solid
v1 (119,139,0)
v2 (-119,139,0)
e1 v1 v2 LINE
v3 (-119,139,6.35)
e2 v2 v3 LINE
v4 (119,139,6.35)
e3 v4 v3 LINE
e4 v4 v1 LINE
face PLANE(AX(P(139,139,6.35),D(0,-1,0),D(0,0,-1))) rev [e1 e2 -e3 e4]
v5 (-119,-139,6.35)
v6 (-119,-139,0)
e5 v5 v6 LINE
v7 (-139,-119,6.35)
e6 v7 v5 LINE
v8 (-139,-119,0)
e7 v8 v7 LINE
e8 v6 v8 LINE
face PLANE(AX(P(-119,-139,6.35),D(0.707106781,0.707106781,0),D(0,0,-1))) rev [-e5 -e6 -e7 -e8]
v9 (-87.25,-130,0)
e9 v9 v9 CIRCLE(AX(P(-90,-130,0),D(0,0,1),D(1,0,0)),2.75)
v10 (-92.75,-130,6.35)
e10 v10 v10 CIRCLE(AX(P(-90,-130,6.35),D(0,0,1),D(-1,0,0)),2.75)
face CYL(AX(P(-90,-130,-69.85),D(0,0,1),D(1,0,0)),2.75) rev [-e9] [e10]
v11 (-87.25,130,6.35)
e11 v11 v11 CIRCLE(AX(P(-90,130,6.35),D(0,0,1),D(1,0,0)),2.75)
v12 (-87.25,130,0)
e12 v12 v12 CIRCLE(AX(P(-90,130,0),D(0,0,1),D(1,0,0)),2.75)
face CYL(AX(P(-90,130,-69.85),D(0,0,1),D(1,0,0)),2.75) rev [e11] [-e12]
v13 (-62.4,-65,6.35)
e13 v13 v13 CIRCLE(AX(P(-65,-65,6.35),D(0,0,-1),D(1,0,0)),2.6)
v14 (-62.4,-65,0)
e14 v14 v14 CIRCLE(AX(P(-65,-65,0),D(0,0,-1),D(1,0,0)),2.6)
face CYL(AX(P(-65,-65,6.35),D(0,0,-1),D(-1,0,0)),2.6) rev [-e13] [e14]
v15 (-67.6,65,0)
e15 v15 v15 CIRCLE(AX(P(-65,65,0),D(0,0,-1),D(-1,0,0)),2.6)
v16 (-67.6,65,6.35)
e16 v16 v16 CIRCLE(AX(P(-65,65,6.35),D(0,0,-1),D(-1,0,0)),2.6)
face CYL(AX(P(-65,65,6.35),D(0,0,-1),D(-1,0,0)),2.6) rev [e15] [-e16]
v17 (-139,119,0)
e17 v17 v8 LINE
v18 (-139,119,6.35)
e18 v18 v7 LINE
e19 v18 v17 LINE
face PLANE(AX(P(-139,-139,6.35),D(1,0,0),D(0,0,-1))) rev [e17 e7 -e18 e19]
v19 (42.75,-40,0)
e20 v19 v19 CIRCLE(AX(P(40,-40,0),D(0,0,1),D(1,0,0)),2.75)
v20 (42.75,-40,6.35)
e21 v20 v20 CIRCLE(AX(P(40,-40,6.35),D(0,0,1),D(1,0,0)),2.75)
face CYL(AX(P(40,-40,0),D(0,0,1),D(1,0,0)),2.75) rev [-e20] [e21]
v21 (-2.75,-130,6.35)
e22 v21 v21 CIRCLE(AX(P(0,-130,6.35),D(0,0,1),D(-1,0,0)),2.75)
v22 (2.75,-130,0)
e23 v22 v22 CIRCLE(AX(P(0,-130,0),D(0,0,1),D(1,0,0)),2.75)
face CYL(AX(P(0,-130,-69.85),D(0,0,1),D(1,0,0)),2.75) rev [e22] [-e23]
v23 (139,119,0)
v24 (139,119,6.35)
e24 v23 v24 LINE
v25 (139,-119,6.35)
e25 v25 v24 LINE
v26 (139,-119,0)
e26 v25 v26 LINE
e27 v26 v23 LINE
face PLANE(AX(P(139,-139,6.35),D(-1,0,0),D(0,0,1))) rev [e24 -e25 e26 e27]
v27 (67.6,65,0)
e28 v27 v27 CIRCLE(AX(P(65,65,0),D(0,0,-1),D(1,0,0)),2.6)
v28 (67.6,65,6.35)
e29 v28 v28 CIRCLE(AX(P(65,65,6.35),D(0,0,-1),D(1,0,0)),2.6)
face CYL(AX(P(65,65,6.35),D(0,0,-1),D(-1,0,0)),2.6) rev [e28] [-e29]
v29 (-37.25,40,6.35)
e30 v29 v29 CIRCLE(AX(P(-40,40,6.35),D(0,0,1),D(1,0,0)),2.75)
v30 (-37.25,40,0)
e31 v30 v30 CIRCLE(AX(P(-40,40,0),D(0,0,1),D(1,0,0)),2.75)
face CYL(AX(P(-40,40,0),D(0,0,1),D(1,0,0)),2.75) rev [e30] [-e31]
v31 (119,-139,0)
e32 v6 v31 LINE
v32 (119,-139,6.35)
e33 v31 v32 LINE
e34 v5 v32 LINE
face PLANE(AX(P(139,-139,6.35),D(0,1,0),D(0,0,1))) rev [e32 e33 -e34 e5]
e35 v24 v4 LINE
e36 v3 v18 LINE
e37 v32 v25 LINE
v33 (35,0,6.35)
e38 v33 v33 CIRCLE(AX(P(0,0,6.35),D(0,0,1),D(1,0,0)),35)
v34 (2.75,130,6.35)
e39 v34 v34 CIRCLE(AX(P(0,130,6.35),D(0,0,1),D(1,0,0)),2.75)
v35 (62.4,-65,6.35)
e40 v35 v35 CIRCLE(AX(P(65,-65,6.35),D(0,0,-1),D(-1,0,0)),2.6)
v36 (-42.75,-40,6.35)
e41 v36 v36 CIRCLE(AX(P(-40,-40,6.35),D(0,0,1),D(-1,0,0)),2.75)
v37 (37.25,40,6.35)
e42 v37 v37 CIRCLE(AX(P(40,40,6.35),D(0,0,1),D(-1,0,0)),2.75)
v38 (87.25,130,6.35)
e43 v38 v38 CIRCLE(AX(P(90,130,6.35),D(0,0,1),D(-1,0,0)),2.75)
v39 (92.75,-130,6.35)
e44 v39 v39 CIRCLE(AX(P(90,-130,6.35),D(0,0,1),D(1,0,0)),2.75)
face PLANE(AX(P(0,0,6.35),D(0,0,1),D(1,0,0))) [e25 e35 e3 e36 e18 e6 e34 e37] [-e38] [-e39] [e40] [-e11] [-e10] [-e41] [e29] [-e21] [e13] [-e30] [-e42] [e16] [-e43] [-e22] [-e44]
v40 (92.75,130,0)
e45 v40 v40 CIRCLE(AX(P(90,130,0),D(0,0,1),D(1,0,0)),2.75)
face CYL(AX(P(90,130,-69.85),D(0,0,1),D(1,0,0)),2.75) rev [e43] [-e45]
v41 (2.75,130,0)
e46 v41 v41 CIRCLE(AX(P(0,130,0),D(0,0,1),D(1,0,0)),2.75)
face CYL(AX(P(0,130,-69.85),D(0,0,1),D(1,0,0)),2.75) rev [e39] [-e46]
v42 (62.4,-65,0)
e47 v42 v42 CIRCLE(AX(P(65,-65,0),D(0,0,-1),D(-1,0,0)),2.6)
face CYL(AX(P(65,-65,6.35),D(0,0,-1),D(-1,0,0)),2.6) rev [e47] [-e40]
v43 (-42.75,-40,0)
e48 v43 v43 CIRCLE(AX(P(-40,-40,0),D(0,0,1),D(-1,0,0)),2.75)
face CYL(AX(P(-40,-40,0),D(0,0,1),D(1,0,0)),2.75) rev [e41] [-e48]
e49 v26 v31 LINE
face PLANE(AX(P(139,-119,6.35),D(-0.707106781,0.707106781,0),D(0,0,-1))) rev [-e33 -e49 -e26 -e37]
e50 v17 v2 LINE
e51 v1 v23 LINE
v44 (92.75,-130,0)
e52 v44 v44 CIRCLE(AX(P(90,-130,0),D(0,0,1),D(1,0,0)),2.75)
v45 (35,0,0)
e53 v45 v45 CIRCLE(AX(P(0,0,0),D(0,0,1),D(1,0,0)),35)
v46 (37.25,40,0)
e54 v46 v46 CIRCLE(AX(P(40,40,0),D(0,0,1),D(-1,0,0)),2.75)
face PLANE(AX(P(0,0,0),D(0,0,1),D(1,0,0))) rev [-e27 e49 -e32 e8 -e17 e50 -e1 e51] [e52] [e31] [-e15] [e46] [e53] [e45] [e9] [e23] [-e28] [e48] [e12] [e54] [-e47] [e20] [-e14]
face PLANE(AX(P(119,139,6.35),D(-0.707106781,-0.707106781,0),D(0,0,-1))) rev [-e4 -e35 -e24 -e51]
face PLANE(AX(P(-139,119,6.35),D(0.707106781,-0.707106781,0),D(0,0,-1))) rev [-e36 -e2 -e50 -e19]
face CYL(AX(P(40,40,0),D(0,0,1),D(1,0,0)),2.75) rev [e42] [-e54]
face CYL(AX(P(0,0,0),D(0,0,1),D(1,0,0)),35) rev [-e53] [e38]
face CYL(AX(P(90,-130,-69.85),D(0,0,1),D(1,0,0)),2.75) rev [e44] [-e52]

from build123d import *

# Parameters (mm, degrees)
SKETCH1_W           = 278
SKETCH1_H           = 278
BOSS_EXTRUDE1_DEPTH = 6.35
SKETCH2_R           = 35
SKETCH2_R_2         = 2.75
CUT_EXTRUDE1_DEPTH  = 7.35
CHAMFER1_SIZE       = 20
SKETCH4_R           = 2.75
CUT_EXTRUDE2_DEPTH  = 76.2
SKETCH6_R           = 2.6
CUT_EXTRUDE4_DEPTH  = 7.35


with BuildPart() as part:
    # Sketch1 → Boss-Extrude1 (new body)
    with BuildSketch(Plane.XY):
        Rectangle(SKETCH1_W, SKETCH1_H)
    extrude(amount=BOSS_EXTRUDE1_DEPTH)

    # Sketch2 → Cut-Extrude1 (cut, through all)
    with BuildSketch(Plane.XY.offset(6.35)):
        Circle(SKETCH2_R)
        with Locations((-40, 40)):
            Circle(SKETCH2_R_2)
        with Locations((40, 40)):
            Circle(SKETCH2_R_2)
        with Locations((40, -40)):
            Circle(SKETCH2_R_2)
        with Locations((-40, -40)):
            Circle(SKETCH2_R_2)
    extrude(amount=-CUT_EXTRUDE1_DEPTH, mode=Mode.SUBTRACT)

    # Chamfer1
    chamfer1_edges = [part.edges().sort_by_distance(p)[0] for p in [
        (-139, 139, 3.175),
        (139, 139, 3.175),
        (139, -139, 3.175),
        (-139, -139, 3.175),
    ]]
    chamfer(chamfer1_edges, length=CHAMFER1_SIZE)

    # Sketch4 → Cut-Extrude2 (cut)
    with BuildSketch(Plane.XY.offset(6.35)):
        with Locations((-90, 130)):
            Circle(SKETCH4_R)
        with Locations((0, 130)):
            Circle(SKETCH4_R)
        with Locations((90, 130)):
            Circle(SKETCH4_R)
        with Locations((90, -130)):
            Circle(SKETCH4_R)
        with Locations((0, -130)):
            Circle(SKETCH4_R)
        with Locations((-90, -130)):
            Circle(SKETCH4_R)
    extrude(amount=-CUT_EXTRUDE2_DEPTH, mode=Mode.SUBTRACT)

    # Sketch6 → Cut-Extrude4 (cut, through all)
    with BuildSketch(Plane(origin=(0, 0, 0), x_dir=(-1, 0, 0), z_dir=(0, 0, -1))):
        with Locations((65, 65)):
            Circle(SKETCH6_R)
        with Locations((65, -65)):
            Circle(SKETCH6_R)
        with Locations((-65, -65)):
            Circle(SKETCH6_R)
        with Locations((-65, 65)):
            Circle(SKETCH6_R)
    extrude(amount=-CUT_EXTRUDE4_DEPTH, mode=Mode.SUBTRACT)


solid = part.part
